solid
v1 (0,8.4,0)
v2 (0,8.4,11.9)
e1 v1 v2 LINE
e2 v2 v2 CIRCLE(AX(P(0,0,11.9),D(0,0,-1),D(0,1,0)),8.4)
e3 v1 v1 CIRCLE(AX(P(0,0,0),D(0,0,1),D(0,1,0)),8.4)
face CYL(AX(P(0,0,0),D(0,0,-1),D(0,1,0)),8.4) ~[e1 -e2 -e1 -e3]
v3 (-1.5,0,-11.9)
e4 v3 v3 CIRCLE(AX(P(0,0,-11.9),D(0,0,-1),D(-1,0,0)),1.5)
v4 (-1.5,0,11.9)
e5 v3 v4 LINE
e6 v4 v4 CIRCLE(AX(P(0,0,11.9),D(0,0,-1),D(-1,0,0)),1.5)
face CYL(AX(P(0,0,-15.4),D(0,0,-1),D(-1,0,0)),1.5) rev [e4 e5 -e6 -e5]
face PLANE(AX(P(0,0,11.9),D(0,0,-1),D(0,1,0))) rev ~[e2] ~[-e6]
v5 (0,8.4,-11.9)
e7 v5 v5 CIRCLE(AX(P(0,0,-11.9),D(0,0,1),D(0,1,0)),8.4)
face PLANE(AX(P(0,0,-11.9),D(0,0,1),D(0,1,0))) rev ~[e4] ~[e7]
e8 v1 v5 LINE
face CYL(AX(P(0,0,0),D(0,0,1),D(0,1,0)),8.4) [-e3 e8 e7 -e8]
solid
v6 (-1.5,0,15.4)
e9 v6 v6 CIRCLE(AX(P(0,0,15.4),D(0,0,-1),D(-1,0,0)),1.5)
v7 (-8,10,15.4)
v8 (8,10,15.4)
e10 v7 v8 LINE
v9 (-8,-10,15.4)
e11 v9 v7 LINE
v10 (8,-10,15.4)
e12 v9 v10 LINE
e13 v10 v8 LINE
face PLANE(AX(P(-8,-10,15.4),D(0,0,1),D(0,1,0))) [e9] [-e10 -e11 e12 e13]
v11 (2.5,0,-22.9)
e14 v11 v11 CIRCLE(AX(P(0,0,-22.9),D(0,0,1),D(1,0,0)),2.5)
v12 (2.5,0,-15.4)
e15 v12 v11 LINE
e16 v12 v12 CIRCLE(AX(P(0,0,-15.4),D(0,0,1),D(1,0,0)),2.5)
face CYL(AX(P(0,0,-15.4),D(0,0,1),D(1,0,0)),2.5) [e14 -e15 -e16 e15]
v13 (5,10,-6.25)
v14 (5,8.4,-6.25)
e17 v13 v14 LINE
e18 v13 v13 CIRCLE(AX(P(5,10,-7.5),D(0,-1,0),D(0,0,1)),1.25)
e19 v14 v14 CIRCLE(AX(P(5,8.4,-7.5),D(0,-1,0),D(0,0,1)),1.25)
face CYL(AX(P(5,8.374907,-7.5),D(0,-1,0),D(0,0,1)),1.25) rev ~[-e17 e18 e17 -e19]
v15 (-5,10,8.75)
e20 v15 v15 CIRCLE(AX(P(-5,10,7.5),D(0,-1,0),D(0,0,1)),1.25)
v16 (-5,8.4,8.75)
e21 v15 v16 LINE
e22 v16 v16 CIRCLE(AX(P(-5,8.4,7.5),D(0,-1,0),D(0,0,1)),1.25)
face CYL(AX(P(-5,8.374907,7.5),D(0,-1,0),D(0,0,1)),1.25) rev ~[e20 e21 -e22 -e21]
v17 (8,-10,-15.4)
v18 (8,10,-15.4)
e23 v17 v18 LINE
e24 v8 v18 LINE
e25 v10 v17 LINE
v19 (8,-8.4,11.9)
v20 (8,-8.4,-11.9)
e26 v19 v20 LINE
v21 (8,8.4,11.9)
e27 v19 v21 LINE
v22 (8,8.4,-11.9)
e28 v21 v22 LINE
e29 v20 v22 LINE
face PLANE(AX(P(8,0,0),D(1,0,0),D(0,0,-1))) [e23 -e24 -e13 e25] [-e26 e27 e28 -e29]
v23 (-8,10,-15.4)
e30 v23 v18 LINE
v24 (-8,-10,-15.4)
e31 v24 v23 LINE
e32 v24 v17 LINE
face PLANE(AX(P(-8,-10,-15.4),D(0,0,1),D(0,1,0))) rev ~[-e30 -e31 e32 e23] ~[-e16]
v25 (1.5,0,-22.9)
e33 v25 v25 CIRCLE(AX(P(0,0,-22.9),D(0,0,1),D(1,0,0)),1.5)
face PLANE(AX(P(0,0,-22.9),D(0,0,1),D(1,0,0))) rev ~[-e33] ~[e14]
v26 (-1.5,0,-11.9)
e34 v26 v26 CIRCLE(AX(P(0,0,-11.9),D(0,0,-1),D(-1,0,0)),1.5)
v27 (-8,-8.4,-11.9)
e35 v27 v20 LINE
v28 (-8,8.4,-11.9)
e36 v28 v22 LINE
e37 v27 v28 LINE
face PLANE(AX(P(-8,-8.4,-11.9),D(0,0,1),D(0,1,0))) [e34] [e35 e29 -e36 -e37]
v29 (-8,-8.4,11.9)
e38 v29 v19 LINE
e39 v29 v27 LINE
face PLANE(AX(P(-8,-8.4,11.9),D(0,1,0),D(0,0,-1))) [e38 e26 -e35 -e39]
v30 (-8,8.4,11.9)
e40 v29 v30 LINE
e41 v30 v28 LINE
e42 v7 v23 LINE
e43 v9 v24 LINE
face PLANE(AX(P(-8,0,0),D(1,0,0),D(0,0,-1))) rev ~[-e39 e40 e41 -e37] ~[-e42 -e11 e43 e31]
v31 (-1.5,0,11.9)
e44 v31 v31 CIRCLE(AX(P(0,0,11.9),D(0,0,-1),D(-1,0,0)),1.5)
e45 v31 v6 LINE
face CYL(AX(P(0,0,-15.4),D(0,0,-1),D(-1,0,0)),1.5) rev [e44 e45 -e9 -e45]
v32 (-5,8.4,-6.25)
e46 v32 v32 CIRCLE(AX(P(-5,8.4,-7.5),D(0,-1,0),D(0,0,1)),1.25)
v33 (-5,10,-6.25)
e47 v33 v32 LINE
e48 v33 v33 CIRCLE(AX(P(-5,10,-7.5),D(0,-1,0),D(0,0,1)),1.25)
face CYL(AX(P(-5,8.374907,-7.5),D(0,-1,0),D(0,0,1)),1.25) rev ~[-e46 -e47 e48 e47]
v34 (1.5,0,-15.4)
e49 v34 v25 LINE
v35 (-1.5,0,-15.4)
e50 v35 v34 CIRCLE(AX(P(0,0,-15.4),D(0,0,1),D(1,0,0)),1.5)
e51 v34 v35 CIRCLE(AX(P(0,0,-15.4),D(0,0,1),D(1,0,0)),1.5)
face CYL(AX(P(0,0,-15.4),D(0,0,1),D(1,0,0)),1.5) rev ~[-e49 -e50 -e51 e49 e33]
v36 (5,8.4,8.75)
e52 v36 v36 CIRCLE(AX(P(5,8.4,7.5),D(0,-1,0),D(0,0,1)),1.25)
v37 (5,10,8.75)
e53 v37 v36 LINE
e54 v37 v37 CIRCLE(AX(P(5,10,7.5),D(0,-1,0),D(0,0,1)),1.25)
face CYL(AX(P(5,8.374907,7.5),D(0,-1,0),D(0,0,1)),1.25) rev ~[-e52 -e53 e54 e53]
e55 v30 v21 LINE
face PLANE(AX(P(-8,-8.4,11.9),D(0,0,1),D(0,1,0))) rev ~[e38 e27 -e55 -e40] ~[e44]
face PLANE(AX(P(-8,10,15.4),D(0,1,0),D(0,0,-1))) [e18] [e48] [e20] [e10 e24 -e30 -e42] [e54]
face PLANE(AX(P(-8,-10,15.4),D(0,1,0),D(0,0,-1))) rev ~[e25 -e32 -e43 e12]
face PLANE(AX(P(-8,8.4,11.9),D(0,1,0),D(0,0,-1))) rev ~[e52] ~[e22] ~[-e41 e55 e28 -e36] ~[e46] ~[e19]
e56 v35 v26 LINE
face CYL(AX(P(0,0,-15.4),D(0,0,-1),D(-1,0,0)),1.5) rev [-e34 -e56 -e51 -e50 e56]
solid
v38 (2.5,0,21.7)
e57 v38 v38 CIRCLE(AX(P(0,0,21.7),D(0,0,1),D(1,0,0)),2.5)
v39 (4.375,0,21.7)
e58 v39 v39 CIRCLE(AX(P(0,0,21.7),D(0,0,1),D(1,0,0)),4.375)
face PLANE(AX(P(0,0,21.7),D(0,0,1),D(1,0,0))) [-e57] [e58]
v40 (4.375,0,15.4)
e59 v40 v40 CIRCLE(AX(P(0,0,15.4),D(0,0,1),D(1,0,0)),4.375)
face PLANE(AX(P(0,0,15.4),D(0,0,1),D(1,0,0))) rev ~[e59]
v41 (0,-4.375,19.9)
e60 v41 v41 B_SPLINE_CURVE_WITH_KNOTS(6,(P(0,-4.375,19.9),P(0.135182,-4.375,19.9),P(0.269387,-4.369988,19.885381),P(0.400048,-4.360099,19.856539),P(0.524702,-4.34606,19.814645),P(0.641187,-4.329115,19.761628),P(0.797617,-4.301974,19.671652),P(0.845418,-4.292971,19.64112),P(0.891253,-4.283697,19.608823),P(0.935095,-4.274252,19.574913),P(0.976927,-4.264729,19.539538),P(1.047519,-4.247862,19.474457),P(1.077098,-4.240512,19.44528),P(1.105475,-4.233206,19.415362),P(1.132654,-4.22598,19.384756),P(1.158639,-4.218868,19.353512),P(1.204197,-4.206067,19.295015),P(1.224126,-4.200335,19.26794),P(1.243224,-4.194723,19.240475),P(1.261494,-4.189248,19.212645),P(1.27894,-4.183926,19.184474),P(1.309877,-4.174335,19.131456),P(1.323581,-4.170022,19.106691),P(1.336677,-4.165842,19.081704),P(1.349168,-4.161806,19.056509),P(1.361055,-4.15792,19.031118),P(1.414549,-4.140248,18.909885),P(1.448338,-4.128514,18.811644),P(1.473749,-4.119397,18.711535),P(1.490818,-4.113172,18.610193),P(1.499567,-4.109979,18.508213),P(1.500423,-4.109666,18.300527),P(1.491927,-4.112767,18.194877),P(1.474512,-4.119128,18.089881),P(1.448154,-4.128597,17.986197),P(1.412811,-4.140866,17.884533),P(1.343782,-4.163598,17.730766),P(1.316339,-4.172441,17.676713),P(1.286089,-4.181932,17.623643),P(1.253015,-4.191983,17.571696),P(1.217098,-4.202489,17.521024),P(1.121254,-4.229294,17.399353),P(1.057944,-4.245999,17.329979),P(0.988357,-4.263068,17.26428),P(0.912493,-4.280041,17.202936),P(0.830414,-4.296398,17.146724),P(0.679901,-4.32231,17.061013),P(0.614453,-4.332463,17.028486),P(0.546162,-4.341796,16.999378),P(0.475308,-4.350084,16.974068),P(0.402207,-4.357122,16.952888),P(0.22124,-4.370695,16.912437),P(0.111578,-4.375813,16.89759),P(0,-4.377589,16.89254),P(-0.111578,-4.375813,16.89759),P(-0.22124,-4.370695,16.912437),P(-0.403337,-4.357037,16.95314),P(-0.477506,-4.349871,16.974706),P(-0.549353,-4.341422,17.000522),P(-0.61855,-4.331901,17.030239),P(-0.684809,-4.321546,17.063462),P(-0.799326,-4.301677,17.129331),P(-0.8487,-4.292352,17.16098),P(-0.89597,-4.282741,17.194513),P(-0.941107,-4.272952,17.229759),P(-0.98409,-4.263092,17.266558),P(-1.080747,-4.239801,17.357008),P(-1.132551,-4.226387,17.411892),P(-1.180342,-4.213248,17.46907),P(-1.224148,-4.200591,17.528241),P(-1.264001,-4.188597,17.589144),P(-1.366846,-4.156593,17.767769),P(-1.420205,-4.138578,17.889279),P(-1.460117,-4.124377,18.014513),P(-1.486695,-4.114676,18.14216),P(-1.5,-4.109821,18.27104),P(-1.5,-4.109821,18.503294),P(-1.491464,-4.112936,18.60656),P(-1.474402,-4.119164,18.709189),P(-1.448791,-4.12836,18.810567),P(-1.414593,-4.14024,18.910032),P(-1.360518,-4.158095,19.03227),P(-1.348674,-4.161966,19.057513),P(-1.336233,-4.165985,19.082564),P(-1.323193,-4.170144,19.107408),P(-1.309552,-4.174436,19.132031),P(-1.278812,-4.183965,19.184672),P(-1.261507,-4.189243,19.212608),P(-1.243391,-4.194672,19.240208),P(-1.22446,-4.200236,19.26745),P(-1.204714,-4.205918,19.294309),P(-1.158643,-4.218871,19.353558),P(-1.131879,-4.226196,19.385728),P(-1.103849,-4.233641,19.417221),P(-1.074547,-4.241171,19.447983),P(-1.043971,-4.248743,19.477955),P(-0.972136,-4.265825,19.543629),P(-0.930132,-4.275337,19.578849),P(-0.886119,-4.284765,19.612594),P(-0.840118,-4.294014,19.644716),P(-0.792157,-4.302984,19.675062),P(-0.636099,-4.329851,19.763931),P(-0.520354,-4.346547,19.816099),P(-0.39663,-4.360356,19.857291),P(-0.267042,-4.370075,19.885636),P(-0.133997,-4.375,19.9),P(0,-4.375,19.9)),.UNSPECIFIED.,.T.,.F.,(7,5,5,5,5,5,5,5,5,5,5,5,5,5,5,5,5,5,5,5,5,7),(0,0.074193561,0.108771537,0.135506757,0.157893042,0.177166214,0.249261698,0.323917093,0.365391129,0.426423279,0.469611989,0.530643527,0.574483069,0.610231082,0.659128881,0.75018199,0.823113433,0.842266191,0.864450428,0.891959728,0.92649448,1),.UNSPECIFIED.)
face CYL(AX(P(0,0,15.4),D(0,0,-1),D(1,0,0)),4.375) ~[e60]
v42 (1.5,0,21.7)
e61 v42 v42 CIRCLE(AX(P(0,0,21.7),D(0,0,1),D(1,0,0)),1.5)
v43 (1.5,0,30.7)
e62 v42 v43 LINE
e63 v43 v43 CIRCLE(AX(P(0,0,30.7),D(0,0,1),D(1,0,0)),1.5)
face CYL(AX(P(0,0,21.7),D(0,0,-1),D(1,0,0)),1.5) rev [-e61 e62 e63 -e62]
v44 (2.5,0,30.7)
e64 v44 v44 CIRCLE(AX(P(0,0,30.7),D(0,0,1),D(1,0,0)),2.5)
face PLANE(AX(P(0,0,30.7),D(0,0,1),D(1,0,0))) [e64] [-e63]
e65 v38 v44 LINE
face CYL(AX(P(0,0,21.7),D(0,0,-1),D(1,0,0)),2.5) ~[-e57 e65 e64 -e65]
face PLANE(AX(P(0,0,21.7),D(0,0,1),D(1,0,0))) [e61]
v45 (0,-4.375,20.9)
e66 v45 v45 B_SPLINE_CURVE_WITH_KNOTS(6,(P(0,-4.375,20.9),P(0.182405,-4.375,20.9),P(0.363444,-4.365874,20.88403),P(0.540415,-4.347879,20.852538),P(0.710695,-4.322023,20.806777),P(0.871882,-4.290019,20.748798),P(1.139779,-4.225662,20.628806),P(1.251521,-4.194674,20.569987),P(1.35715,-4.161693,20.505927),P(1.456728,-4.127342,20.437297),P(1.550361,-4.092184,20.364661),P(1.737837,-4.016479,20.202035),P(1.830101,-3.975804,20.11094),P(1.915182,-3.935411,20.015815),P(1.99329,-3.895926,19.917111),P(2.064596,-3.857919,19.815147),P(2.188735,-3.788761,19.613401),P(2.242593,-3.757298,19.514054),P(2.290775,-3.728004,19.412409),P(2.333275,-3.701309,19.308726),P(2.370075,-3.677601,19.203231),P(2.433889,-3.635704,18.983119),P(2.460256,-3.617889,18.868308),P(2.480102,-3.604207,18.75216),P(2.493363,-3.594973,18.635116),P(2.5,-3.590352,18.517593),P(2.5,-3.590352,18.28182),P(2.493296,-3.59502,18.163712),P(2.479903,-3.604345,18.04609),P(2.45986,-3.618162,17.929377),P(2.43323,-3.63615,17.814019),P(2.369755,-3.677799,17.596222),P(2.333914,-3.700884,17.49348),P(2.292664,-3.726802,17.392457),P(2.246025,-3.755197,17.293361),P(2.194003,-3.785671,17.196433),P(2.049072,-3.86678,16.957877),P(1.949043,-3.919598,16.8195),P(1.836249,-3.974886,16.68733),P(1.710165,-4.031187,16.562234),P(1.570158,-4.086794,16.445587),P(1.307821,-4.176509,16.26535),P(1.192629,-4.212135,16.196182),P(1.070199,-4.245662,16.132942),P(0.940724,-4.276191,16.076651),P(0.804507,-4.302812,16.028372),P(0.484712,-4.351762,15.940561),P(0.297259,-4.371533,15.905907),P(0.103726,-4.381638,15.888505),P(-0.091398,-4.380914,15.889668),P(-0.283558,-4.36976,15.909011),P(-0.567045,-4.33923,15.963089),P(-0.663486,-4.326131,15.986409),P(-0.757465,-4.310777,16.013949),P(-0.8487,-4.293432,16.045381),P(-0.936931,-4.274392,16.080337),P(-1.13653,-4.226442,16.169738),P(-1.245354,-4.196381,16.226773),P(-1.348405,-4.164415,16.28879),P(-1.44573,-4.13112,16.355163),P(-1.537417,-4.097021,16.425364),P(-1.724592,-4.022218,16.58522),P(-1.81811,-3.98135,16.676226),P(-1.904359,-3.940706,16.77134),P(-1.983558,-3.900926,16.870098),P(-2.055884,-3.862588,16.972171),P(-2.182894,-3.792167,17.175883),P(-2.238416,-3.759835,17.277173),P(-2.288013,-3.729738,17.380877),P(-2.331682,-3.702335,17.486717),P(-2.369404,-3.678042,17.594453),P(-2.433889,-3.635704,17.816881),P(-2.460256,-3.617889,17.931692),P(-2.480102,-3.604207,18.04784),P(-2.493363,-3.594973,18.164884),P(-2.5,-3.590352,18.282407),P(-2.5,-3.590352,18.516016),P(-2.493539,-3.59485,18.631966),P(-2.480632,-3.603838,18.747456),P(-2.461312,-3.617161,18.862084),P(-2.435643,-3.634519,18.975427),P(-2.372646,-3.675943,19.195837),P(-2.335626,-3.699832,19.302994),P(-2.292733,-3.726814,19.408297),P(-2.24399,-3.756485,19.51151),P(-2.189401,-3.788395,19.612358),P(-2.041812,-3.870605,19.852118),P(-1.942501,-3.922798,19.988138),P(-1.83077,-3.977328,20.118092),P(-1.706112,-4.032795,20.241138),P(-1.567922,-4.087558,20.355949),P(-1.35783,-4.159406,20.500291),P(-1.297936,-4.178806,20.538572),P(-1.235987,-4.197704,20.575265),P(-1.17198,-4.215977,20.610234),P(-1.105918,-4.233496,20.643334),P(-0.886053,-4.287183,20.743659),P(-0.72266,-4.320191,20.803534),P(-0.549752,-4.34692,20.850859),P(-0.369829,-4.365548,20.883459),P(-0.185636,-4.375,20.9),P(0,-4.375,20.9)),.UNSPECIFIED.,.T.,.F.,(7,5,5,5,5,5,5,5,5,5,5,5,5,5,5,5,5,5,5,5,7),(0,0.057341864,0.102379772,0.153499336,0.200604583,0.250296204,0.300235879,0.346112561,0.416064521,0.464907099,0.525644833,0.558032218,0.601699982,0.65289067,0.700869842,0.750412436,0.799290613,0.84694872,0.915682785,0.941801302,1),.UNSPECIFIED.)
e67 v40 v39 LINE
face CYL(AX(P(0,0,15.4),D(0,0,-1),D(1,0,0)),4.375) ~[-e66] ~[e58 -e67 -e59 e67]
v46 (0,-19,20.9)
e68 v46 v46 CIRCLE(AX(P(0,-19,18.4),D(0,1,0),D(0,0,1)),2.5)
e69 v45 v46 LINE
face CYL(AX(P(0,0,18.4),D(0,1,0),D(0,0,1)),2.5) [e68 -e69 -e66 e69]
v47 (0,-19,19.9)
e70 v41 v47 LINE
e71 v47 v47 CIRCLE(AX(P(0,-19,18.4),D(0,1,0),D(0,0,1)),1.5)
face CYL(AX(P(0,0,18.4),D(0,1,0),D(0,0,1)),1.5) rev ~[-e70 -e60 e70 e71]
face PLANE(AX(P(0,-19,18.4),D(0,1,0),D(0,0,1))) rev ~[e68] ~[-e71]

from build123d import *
from build123d.topology import SkipClean

# Parameters (mm, degrees)
FRAME_EXTRUDE_DEPTH                     = 8
FRAME_EXTRUDE_DEPTH_BACK                = 8
FRAME_SKETCH_W                          = 30.8
FRAME_SKETCH_H                          = 20
FRAME_SKETCH_W_2                        = 23.8
FRAME_SKETCH_H_2                        = 16.8
ELECTROMAGNET_EXTRUDE_REACH             = 22.029
ELECTROMAGNET_SKETCH_R                  = 8.4
ELECTROMAGNET_EXTRUDE_DIRECTION_2_REACH = 22.029
PORT_3_SKETCH_R                         = 2.5
PORT_3_SKETCH_R_2                       = 1.5
PORT_3_EXTRUDE_DEPTH                    = 7.5
PORT_3_SKETCH_3_R                       = 1.5
CENTER_HOLE_CUT_DEPTH                   = 34.45444664
BASE_OF_PORTS_1_2_SKETCH_R              = 4.375
BASE_OF_PORT_1_2_PORTS_DEPTH            = 6.3
PORT_2_SKETCH_R                         = 2.5
PORT_2_SKETCH_R_2                       = 1.5
PORT_2_EXTRUDE_DEPTH                    = 9
PORTS_1_SKETCH_R                        = 2.5
PORTS_1_SKETCH_R_2                      = 1.5
PORTS_1_EXTRUDE_DEPTH                   = 19
MOUNTING_HOLES_PROFILE_SKETCH_W         = 1.25
MOUNTING_HOLES_PROFILE_SKETCH_H         = 3.250185188
MOUNTING_HOLES_AT_2_COUNT               = 2
MOUNTING_HOLES_AT_2_PITCH               = 18.027756377
MOUNTING_HOLES_AT_3_COUNT               = 2
MOUNTING_HOLES_AT_3_PITCH               = 15
MOUNTING_HOLES_AT_4_COUNT               = 2
MOUNTING_HOLES_AT_4_PITCH               = 10


with BuildPart() as part:
    # Frame Sketch → Frame Extrude (new, two sides: drawn at the far end of the back side and taken through both)
    with BuildSketch(Plane(origin=(0, 0, 0), x_dir=(0, 0, -1), z_dir=(1, 0, 0)).offset(-FRAME_EXTRUDE_DEPTH_BACK)):
        Rectangle(FRAME_SKETCH_W, FRAME_SKETCH_H)
        Rectangle(FRAME_SKETCH_W_2, FRAME_SKETCH_H_2, mode=Mode.SUBTRACT)
    extrude(amount=FRAME_EXTRUDE_DEPTH + FRAME_EXTRUDE_DEPTH_BACK)


with BuildPart() as body_2:

    # Electromagnet Extrude: up to this face of the body (flat: up to its plane)
    electromagnet_extrude_end = Plane(part.part.faces().sort_by_distance((0, 0, 11.9))[0])
    # Electromagnet Sketch → Electromagnet Extrude (new, up to the picked face)
    with BuildSketch(Plane.XY, mode=Mode.PRIVATE) as electromagnet_extrude_sk1:
        with Locations(Location((0, 0, 0), (0, 0, 90))):
            Circle(ELECTROMAGNET_SKETCH_R)
    electromagnet_extrude_tool1 = split(extrude(electromagnet_extrude_sk1.sketch, amount=ELECTROMAGNET_EXTRUDE_REACH, mode=Mode.PRIVATE), bisect_by=electromagnet_extrude_end, keep=Keep.BOTH, mode=Mode.PRIVATE)
    add(electromagnet_extrude_tool1.solids().sort_by(Axis((0, 0, 0), (0, 0, 1)))[0])


    # Electromagnet Extrude direction 2: up to this face of the body (flat: up to its plane)
    electromagnet_extrude_direction_2_end = Plane(part.part.faces().sort_by_distance((0, 0, -11.9))[0])
    # Electromagnet Sketch → Electromagnet Extrude direction 2 (add, up to the picked face)
    with BuildSketch(Plane.XY, mode=Mode.PRIVATE) as electromagnet_extrude_direction_2_sk1:
        with Locations(Location((0, 0, 0), (0, 0, 90))):
            Circle(ELECTROMAGNET_SKETCH_R)
    electromagnet_extrude_direction_2_tool1 = split(extrude(electromagnet_extrude_direction_2_sk1.sketch, amount=-ELECTROMAGNET_EXTRUDE_DIRECTION_2_REACH, mode=Mode.PRIVATE), bisect_by=electromagnet_extrude_direction_2_end, keep=Keep.BOTH, mode=Mode.PRIVATE)
    add(electromagnet_extrude_direction_2_tool1.solids().sort_by(Axis((0, 0, 0), (0, 0, -1)))[0])


with BuildPart() as part_1:
    add(part.part)

    # Port 3 Sketch → Port 3 Extrude (add)
    with BuildSketch(Plane.XY.offset(-15.4)):
        Circle(PORT_3_SKETCH_R)
        Circle(PORT_3_SKETCH_R_2, mode=Mode.SUBTRACT)
    extrude(amount=-PORT_3_EXTRUDE_DEPTH)


with BuildPart() as center_hole_cut_tool:
    # Port 3 Sketch<3> → Center Hole Cut (new, through all)
    with SkipClean():  # the faces are left unmerged after this step: merging them gives an invalid solid
        with BuildSketch(Plane.XY.offset(-15.4)):
            with Locations(Location((0, 0, 0), (0, 0, 180))):
                Circle(PORT_3_SKETCH_3_R)
        extrude(amount=CENTER_HOLE_CUT_DEPTH)


with BuildPart() as part_2:
    with SkipClean():  # the faces are left unmerged after this step: merging them gives an invalid solid
        add(part_1.part)

        # Center Hole Cut: cut by center_hole_cut_tool
        add(center_hole_cut_tool.part, mode=Mode.SUBTRACT)

    # Mounting Holes Profile Sketch → Mounting Holes (revolve, cut)
    with SkipClean():  # the faces are left unmerged after this step: merging them gives an invalid solid
        with BuildSketch(Plane(origin=(5, 10, 7.5), x_dir=(0, 0, 1), z_dir=(1, 0, 0))):
            with Locations((0.625, 1.625092594)):
                Rectangle(MOUNTING_HOLES_PROFILE_SKETCH_W, MOUNTING_HOLES_PROFILE_SKETCH_H)
        mounting_holes = revolve(axis=Axis((5, 16.35, 7.5), (0, -1, 0)), mode=Mode.SUBTRACT)

    # Mounting Holes at 2: Mounting Holes ×2
    with SkipClean():  # the faces are left unmerged after this step: merging them gives an invalid solid
        with Locations(*[Vector(-0.5547001962252294, 0, -0.8320502943378435) * (i * MOUNTING_HOLES_AT_2_PITCH) for i in range(1, MOUNTING_HOLES_AT_2_COUNT)]):
            add(mounting_holes, mode=Mode.SUBTRACT)

    # Mounting Holes at 3: Mounting Holes ×2
    with SkipClean():  # the faces are left unmerged after this step: merging them gives an invalid solid
        with Locations(*[(0, 0, -i * MOUNTING_HOLES_AT_3_PITCH) for i in range(1, MOUNTING_HOLES_AT_3_COUNT)]):
            add(mounting_holes, mode=Mode.SUBTRACT)

    # Mounting Holes at 4: Mounting Holes ×2
    with SkipClean():  # the faces are left unmerged after this step: merging them gives an invalid solid
        with Locations(*[(-i * MOUNTING_HOLES_AT_4_PITCH, 0, 0) for i in range(1, MOUNTING_HOLES_AT_4_COUNT)]):
            add(mounting_holes, mode=Mode.SUBTRACT)


with BuildPart() as body_2_1:
    with SkipClean():  # the faces are left unmerged after this step: merging them gives an invalid solid
        add(body_2.part)

        # Center Hole Cut: cut by center_hole_cut_tool
        add(center_hole_cut_tool.part, mode=Mode.SUBTRACT)


with BuildPart() as body_3:
    # Base of Ports 1&2 Sketch → Base of Port 1&2 Ports (new body)
    with BuildSketch(Plane.XY.offset(15.4)):
        Circle(BASE_OF_PORTS_1_2_SKETCH_R)
    extrude(amount=BASE_OF_PORT_1_2_PORTS_DEPTH)

    # Port 2 Sketch → Port 2 Extrude (add)
    with BuildSketch(Plane.XY.offset(21.7)):
        Circle(PORT_2_SKETCH_R)
        Circle(PORT_2_SKETCH_R_2, mode=Mode.SUBTRACT)
    extrude(amount=PORT_2_EXTRUDE_DEPTH)

    # Ports 1 Sketch → Ports 1 Extrude (add)
    with BuildSketch(Plane(origin=(2.609545443, 0, 0), x_dir=(0, 0, -1), z_dir=(0, 1, 0))):
        with Locations(Location((-18.4, 2.609545443, 0), (0, 0, 180))):
            Circle(PORTS_1_SKETCH_R)
        with Locations(Location((-18.4, 2.609545443, 0), (0, 0, 180))):
            Circle(PORTS_1_SKETCH_R_2, mode=Mode.SUBTRACT)
    extrude(amount=-PORTS_1_EXTRUDE_DEPTH)


solid = Compound([part_2.part, body_2_1.part, body_3.part])
